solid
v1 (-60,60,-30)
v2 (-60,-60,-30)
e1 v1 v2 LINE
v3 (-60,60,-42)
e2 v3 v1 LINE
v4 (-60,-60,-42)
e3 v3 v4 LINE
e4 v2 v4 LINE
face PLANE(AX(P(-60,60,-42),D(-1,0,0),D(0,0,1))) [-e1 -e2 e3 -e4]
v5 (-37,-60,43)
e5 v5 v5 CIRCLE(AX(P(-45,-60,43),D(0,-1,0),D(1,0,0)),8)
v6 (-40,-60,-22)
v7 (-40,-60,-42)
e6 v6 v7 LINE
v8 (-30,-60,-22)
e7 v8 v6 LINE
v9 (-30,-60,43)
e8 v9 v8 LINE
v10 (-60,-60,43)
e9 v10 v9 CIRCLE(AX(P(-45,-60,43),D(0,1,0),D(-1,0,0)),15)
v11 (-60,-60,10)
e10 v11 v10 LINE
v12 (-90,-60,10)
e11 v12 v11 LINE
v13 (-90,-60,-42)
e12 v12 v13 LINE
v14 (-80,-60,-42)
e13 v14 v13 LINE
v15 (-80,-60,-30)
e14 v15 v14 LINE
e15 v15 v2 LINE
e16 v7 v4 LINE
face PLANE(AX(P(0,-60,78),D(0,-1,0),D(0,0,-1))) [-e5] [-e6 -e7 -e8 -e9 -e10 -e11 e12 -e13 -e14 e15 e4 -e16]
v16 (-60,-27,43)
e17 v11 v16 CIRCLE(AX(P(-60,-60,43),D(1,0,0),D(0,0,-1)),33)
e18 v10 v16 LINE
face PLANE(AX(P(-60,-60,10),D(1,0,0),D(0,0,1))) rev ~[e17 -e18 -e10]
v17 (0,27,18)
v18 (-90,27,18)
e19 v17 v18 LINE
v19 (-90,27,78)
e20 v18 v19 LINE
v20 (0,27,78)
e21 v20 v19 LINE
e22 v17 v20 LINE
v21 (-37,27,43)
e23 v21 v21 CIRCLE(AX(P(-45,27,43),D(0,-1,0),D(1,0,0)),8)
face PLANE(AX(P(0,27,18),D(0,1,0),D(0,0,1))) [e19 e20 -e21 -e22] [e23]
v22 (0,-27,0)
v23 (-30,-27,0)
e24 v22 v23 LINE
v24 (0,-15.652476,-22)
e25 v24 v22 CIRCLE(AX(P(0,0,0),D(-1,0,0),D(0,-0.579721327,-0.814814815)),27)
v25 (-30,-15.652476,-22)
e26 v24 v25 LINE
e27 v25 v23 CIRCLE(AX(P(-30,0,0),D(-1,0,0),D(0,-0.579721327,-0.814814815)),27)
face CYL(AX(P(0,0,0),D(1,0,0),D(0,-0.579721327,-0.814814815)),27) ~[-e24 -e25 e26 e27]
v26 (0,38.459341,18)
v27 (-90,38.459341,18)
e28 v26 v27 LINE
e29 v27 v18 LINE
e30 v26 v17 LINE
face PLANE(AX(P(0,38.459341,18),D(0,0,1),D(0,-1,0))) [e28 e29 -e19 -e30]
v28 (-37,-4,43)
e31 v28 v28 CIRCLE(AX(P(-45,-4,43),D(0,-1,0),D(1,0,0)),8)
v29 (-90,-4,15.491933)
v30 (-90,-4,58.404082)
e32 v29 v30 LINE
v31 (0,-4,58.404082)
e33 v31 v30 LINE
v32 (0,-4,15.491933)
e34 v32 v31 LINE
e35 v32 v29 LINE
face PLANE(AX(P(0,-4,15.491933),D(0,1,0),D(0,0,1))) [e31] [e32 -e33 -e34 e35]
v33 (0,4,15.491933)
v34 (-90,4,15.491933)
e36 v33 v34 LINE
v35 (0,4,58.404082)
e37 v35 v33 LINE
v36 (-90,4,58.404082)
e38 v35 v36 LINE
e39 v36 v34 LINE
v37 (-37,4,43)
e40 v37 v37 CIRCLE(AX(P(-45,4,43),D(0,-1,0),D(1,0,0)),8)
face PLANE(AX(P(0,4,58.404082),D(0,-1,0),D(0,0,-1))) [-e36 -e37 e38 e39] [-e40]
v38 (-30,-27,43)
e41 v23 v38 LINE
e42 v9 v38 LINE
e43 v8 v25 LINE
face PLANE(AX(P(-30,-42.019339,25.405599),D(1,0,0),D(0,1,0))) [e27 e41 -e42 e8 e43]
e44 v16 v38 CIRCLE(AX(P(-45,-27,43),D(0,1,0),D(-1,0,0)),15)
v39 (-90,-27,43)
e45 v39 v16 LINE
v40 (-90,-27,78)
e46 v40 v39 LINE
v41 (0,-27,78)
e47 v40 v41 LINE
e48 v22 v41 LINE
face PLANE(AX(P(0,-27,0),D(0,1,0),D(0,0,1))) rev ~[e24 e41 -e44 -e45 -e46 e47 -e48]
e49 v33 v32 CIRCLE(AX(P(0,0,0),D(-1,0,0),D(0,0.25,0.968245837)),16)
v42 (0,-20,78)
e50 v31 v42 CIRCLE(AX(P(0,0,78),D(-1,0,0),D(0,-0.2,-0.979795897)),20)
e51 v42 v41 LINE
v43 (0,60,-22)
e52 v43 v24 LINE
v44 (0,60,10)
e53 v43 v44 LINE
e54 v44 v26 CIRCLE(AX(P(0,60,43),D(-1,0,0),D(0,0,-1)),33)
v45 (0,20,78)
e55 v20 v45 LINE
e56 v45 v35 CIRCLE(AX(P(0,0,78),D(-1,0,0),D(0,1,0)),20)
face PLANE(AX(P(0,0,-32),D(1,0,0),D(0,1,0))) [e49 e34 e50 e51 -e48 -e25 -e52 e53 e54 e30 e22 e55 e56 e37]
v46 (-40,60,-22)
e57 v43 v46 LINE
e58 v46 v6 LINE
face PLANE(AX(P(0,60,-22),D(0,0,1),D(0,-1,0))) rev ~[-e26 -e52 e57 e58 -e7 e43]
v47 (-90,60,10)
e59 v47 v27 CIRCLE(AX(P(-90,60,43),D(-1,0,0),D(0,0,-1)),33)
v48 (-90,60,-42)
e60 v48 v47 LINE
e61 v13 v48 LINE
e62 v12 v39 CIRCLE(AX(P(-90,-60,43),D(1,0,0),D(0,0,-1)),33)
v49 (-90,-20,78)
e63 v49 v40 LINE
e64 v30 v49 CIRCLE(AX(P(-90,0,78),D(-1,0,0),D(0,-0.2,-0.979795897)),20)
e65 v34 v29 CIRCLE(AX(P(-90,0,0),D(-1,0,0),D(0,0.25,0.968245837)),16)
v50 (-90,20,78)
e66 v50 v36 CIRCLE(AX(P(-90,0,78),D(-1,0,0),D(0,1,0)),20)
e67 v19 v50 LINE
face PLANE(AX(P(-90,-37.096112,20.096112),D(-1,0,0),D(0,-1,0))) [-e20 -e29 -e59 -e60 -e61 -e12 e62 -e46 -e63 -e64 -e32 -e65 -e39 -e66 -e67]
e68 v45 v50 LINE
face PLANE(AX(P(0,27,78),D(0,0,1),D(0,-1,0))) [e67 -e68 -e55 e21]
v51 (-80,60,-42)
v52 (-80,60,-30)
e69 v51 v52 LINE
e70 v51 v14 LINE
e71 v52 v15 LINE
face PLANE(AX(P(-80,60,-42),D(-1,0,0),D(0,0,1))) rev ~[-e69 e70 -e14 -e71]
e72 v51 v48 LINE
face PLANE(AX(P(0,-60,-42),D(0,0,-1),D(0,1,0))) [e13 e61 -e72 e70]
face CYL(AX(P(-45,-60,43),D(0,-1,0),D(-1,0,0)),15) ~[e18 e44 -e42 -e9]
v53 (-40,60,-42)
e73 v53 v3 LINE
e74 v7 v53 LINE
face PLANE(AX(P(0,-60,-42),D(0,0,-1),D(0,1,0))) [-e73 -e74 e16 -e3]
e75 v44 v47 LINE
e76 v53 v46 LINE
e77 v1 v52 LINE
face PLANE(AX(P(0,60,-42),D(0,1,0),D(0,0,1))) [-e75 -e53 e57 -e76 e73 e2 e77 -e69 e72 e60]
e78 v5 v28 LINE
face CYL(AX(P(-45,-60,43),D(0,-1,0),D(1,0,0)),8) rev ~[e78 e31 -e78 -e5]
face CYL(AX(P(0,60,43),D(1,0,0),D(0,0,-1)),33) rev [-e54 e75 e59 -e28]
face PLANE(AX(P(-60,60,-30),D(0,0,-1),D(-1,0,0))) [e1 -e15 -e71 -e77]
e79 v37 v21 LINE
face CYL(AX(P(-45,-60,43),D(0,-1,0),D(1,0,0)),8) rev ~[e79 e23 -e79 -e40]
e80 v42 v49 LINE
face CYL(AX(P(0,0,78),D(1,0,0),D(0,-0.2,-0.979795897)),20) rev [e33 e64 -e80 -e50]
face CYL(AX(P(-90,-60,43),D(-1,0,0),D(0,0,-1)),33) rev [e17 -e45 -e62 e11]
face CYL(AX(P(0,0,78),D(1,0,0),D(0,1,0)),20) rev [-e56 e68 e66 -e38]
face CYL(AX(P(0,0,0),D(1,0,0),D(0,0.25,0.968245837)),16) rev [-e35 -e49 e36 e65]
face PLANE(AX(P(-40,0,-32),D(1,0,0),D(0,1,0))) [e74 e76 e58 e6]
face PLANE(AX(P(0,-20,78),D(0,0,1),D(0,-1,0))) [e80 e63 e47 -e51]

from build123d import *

# Parameters (mm, degrees)
F3_DEPTH  = 90
F4_DEPTH  = 40
F5_DEPTH  = 30
F6_W      = 20
F6_H      = 12
F7_DEPTH  = 120.001
F9_DEPTH  = 33
F8_R      = 8
F10_DEPTH = 120.001
F12_DEPTH = 30


with BuildPart() as f3:
    # F2 (on Right) → F3 (new body)
    with BuildSketch(Plane.YZ):
        Polygon((-60, -22), (-60, -42), (60, -42), (60, -22), (-15.6524758425, -22), align=None)
        with BuildLine():
            Line((-60, 78), (-60, -22))
            Line((-60, -22), (-15.6524758425, -22))
            ThreePointArc((-15.6524758425, -22), (-23.9960084988, -12.3770584602), (-27, 0))
            Line((-27, 0), (-27, 78))
            Line((-27, 78), (-60, 78))
        make_face()
        with BuildLine():
            Line((-15.6524758425, -22), (60, -22))
            Line((60, -22), (60, 10))
            ThreePointArc((60, 10), (48.5108747069, 12.0645834035), (38.4593407715, 18))
            Line((38.4593407715, 18), (27, 18))
            Line((27, 18), (27, 78))
            Line((27, 78), (20, 78))
            ThreePointArc((20, 78), (15.4919333848, 65.3508893593), (4, 58.4040820577))
            Line((4, 58.4040820577), (4, 15.4919333848))
            ThreePointArc((4, 15.4919333848), (0, -16), (-4, 15.4919333848))
            Line((-4, 15.4919333848), (-4, 58.4040820577))
            ThreePointArc((-4, 58.4040820577), (-15.4919333848, 65.3508893593), (-20, 78))
            Line((-20, 78), (-27, 78))
            Line((-27, 78), (-27, 0))
            ThreePointArc((-27, 0), (-23.9960084988, -12.3770584602), (-15.6524758425, -22))
        make_face()
    extrude(amount=-F3_DEPTH)

    # F2 (on Right) → F4 (cut)
    with BuildSketch(Plane.YZ):
        Polygon((-60, -22), (-60, -42), (60, -42), (60, -22), (-15.6524758425, -22), align=None)
    extrude(amount=-F4_DEPTH, mode=Mode.SUBTRACT)

    # F2 (on Right) → F5 (cut)
    with BuildSketch(Plane.YZ):
        with BuildLine():
            Line((-60, 78), (-60, -22))
            Line((-60, -22), (-15.6524758425, -22))
            ThreePointArc((-15.6524758425, -22), (-23.9960084988, -12.3770584602), (-27, 0))
            Line((-27, 0), (-27, 78))
            Line((-27, 78), (-60, 78))
        make_face()
    extrude(amount=-F5_DEPTH, mode=Mode.SUBTRACT)

    # F6 (on face) → F7 (cut, through all)
    with BuildSketch(Plane(origin=(0, 60, 0), x_dir=(-1, 0, 0), z_dir=(0, 1, 0))):
        with Locations((70, -36)):
            Rectangle(F6_W, F6_H)
    extrude(amount=-F7_DEPTH, mode=Mode.SUBTRACT)

    # F8 (on face) → F9 (cut)
    with BuildSketch(Plane.XZ.offset(60)):
        with BuildLine():
            ThreePointArc((-60, 43), (-45, 58), (-30, 43))
            Line((-30, 43), (-30, 78))
            Line((-30, 78), (-90, 78))
            Line((-90, 78), (-90, 10))
            Line((-90, 10), (-60, 10))
            Line((-60, 10), (-60, 43))
        make_face()
    extrude(amount=-F9_DEPTH, mode=Mode.SUBTRACT)

    # F8 (on face) → F10 (cut, through all)
    with BuildSketch(Plane.XZ.offset(60)):
        with Locations((-45, 43)):
            Circle(F8_R)
    extrude(amount=-F10_DEPTH, mode=Mode.SUBTRACT)

    # F11 (on face) → F12 (join, through all)
    with BuildSketch(Plane(origin=(-90, 0, 0), x_dir=(0, -1, 0), z_dir=(-1, 0, 0))):
        with BuildLine():
            ThreePointArc((60, 10), (36.6654762208, 19.6654762208), (27, 43))
            Line((27, 43), (27, 10))
            Line((27, 10), (60, 10))
        make_face()
    extrude(amount=-F12_DEPTH)


solid = f3.part
